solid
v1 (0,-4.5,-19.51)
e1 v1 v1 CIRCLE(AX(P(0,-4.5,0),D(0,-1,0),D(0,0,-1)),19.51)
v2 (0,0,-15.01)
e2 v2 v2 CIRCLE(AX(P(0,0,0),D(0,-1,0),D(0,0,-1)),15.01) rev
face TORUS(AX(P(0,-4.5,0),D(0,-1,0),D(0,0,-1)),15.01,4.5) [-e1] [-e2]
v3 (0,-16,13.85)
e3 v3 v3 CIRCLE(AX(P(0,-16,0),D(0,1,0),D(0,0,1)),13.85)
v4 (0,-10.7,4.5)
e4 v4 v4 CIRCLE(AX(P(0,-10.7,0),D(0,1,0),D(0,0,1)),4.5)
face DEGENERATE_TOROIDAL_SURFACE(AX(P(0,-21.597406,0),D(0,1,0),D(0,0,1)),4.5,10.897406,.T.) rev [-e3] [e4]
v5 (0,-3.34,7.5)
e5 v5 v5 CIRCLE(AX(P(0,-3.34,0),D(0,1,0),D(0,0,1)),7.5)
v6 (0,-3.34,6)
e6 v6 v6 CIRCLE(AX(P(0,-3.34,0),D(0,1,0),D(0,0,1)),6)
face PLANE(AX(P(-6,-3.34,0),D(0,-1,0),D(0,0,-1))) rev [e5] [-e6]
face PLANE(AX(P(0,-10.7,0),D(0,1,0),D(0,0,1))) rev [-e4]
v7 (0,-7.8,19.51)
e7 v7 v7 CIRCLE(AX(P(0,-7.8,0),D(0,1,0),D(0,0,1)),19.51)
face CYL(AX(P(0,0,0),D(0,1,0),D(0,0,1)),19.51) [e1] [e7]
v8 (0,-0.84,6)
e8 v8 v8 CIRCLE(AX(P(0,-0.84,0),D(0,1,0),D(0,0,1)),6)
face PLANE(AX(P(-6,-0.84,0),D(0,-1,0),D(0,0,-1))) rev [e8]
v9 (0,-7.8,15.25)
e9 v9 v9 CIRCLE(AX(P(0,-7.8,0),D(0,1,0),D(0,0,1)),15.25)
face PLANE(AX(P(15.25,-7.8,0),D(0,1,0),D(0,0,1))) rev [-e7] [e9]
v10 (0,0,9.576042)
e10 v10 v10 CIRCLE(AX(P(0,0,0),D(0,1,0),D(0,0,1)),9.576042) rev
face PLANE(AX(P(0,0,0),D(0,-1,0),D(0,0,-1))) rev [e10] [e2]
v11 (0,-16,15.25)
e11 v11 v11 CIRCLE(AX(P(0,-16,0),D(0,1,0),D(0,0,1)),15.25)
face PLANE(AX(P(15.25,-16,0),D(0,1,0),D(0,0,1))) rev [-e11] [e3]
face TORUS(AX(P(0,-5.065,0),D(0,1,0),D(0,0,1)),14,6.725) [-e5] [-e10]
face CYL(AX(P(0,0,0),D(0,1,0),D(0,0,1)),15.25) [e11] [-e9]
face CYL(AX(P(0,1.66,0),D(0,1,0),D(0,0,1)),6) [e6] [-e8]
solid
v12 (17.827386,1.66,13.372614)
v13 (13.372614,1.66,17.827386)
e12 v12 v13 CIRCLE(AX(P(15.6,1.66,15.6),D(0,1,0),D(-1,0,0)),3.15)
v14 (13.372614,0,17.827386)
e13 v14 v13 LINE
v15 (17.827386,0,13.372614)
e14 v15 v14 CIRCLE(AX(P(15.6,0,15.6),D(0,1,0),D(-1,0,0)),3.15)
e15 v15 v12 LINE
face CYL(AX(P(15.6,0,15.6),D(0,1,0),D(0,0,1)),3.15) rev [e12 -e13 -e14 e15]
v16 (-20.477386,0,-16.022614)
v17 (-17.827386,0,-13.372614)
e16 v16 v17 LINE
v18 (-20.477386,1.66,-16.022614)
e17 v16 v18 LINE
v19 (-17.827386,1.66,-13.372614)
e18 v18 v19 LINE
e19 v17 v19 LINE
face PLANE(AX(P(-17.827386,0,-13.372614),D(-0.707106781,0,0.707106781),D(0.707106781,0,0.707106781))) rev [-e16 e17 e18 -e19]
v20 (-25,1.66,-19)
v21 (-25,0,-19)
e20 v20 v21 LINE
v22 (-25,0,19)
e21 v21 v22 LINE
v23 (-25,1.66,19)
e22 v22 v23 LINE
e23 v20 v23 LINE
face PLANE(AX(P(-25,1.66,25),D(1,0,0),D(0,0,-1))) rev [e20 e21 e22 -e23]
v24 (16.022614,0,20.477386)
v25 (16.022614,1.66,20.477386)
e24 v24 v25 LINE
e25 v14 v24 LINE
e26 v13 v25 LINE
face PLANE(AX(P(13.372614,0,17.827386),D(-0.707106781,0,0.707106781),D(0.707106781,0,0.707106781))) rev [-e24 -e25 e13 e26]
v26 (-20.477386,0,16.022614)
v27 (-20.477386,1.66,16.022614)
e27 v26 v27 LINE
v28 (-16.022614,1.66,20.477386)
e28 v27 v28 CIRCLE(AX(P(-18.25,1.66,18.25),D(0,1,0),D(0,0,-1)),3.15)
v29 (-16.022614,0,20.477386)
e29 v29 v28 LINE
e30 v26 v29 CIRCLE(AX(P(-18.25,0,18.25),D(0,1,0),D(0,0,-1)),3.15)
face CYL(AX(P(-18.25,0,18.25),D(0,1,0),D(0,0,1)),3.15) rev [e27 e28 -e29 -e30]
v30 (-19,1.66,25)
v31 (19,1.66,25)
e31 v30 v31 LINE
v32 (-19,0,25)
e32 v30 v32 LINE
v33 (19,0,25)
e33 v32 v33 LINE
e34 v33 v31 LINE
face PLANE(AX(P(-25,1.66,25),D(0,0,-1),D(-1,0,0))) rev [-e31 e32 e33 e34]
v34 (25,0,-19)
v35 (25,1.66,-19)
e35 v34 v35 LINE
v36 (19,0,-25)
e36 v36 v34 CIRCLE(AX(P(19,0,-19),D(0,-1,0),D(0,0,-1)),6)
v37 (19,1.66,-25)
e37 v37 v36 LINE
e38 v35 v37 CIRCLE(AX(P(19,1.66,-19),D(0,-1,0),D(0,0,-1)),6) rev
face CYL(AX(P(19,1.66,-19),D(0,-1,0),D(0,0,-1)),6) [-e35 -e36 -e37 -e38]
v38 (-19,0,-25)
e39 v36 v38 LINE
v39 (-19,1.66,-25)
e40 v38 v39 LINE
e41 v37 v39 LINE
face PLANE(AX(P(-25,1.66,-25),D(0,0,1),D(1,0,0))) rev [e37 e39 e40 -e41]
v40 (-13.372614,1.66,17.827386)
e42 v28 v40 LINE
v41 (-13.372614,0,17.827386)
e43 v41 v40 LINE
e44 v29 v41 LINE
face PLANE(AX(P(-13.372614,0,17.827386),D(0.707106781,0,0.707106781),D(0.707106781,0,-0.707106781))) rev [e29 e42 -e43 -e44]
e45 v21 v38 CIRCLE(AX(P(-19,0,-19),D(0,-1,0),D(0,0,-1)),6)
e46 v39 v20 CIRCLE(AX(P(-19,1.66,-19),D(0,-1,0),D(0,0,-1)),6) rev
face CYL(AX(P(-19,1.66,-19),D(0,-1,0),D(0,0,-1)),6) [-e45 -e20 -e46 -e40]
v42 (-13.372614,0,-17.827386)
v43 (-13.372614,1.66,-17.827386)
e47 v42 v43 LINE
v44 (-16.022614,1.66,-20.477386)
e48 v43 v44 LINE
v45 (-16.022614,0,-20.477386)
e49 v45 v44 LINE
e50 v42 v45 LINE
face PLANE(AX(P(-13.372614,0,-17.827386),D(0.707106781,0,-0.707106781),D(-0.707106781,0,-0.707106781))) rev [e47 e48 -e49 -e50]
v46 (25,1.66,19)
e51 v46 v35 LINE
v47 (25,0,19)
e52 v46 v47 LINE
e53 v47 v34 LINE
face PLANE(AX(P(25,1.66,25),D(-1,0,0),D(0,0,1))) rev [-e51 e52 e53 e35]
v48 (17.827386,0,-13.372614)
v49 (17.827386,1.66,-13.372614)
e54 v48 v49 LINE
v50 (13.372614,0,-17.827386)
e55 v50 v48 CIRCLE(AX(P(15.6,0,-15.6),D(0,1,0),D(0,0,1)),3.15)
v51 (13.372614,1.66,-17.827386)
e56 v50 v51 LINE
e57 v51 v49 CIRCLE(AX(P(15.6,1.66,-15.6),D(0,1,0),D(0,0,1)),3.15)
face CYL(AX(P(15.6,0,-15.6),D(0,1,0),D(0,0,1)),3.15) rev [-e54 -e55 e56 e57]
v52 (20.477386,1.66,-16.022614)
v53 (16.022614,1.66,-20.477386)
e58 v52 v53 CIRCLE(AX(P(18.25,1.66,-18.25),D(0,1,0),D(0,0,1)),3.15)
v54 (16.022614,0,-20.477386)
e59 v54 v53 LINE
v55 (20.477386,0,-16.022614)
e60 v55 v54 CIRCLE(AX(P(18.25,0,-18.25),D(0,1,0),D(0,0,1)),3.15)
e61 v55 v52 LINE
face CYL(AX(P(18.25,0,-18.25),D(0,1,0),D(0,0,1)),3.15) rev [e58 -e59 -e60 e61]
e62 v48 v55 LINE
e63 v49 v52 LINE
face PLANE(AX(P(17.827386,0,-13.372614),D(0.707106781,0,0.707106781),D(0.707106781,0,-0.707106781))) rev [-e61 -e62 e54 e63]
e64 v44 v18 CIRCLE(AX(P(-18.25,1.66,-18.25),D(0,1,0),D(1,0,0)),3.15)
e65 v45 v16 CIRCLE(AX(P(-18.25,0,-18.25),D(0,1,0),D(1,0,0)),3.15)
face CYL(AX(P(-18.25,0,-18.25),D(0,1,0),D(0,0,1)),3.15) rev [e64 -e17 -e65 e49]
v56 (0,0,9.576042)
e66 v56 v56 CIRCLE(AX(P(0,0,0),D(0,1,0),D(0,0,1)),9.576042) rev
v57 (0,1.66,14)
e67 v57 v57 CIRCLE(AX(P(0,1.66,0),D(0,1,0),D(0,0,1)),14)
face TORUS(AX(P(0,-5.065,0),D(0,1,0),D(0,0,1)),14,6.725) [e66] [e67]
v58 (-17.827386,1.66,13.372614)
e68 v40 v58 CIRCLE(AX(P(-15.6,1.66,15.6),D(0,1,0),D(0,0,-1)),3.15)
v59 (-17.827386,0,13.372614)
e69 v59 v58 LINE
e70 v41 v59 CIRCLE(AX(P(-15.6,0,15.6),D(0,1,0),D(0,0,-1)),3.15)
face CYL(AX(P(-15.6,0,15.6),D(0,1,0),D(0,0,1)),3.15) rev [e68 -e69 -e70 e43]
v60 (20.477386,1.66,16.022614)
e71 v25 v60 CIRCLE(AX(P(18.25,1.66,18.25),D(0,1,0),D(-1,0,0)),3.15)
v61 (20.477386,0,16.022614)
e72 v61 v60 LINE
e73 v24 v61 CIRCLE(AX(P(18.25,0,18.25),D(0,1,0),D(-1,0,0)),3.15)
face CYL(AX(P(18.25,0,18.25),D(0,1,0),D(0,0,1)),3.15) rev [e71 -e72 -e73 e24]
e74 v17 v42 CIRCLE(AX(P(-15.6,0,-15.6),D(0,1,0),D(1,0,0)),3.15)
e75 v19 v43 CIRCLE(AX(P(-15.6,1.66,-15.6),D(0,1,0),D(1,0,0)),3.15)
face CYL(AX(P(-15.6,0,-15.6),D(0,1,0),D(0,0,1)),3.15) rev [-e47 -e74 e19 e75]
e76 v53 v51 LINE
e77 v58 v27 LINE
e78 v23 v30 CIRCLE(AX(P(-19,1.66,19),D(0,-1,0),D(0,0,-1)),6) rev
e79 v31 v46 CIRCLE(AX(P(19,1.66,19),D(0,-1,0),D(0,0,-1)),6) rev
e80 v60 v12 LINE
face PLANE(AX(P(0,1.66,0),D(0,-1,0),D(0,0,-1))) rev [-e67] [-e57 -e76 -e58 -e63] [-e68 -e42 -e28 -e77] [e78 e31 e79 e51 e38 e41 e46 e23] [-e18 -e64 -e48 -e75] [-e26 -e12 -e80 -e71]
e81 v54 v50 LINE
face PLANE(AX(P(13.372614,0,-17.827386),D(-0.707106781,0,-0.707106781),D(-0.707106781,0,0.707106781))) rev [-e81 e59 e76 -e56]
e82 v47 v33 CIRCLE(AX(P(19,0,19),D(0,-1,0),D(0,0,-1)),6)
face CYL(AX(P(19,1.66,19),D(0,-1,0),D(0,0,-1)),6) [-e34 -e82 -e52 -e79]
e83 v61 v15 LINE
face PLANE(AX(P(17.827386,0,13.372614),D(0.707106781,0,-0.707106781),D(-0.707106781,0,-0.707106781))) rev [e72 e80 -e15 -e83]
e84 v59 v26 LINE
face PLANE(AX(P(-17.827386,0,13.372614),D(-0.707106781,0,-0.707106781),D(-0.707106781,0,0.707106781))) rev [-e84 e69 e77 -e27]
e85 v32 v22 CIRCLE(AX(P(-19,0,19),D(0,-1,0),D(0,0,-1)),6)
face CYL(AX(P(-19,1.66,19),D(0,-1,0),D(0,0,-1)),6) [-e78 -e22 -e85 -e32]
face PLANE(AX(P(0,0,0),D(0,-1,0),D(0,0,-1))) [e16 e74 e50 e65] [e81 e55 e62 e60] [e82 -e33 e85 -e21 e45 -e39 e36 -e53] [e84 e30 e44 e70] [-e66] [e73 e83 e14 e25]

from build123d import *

# Parameters (mm, degrees)
SKETCH1_W              = 50
SKETCH1_H              = 50
BOSS_PLATE_DEPTH       = 1.66
FILLET_PLATE_CORNERS_R = 6
CUT_SLOT_DEPTH         = 36.394287675
SLOT_PATTERN_COUNT     = 4
FILLET2_R              = 4.5


with BuildPart() as part:
    # Sketch1 → boss_plate (new body)
    with BuildSketch(Plane(origin=(0, 0, 0), x_dir=(1, 0, 0), z_dir=(0, 1, 0))):
        Rectangle(SKETCH1_W, SKETCH1_H)
    extrude(amount=BOSS_PLATE_DEPTH)

    # fillet plate corners
    fillet_plate_corners_edges = [part.edges().sort_by_distance(p)[0] for p in [
        (25, 0.83, 25),
        (-25, 0.83, -25),
        (25, 0.83, -25),
        (-25, 0.83, 25),
    ]]
    fillet(fillet_plate_corners_edges, radius=FILLET_PLATE_CORNERS_R)

    # Sketch2 → cut slot (cut, through all)
    with BuildSketch(Plane(origin=(0, 1.66, 0), x_dir=(1, 0, 0), z_dir=(0, 1, 0))):
        with BuildLine():
            Line((13.372613639, 17.827386361), (16.022613639, 20.477386361))
            ThreePointArc((16.022613639, 20.477386361), (20.477386361, 20.477386361), (20.477386361, 16.022613639))
            Line((20.477386361, 16.022613639), (17.827386361, 13.372613639))
            ThreePointArc((17.827386361, 13.372613639), (13.372613639, 13.372613639), (13.372613639, 17.827386361))
        make_face()
    cut_slot = extrude(amount=-CUT_SLOT_DEPTH, mode=Mode.SUBTRACT)

    # slot pattern: cut slot ×4 about axis
    slot_pattern_axis = Axis((0, -2.147420323, 0), (0, 1, 0))
    for i in range(1, SLOT_PATTERN_COUNT):
        add(cut_slot.rotate(slot_pattern_axis, i * 360 / SLOT_PATTERN_COUNT), mode=Mode.SUBTRACT)


with BuildPart() as body_2:
    # Sketch3 → bearing_upper_seat (revolve)
    with BuildSketch(Plane.XY):
        with BuildLine():
            Line((19.51, -7.8), (19.51, 0))
            Line((19.51, 0), (0, 0))
            Line((0, 0), (0, -10.7))
            Line((0, -10.7), (4.5, -10.7))
            ThreePointArc((4.5, -10.7), (9.873837084, -12.1171459), (13.85, -16))
            Line((13.85, -16), (15.25, -16))
            Line((15.25, -16), (15.25, -7.8))
            Line((15.25, -7.8), (19.51, -7.8))
        make_face()
    revolve(axis=Axis((0, 0, 0), (0, -1, 0)))


with BuildPart() as cut_plate_forming_tool:
    # Sketch4 → cut_plate_forming (revolve)
    with BuildSketch(Plane.XY):
        with BuildLine():
            Line((-6, -3.34), (-6, -0.84))
            Line((-6, -0.84), (0, -0.84))
            Line((0, -0.84), (0, 1.66))
            Line((0, 1.66), (-14, 1.66))
            ThreePointArc((-14, 1.66), (-9.899695133, 0.265396327), (-7.5, -3.34))
            Line((-7.5, -3.34), (-6, -3.34))
        make_face()
    revolve(axis=Axis((0, 1.66, 0), (0, -1, 0)))


with BuildPart() as part_1:
    add(part.part)

    # cut_plate_forming: cut by cut_plate_forming_tool
    add(cut_plate_forming_tool.part, mode=Mode.SUBTRACT)


with BuildPart() as body_2_1:
    add(body_2.part)

    # cut_plate_forming: cut by cut_plate_forming_tool
    add(cut_plate_forming_tool.part, mode=Mode.SUBTRACT)

    # Fillet2
    fillet2_edges = [body_2_1.edges().sort_by_distance(p)[0] for p in [
        (-19.51, 0, 0),
    ]]
    fillet(fillet2_edges, radius=FILLET2_R)


solid = Compound([part_1.part, body_2_1.part])
